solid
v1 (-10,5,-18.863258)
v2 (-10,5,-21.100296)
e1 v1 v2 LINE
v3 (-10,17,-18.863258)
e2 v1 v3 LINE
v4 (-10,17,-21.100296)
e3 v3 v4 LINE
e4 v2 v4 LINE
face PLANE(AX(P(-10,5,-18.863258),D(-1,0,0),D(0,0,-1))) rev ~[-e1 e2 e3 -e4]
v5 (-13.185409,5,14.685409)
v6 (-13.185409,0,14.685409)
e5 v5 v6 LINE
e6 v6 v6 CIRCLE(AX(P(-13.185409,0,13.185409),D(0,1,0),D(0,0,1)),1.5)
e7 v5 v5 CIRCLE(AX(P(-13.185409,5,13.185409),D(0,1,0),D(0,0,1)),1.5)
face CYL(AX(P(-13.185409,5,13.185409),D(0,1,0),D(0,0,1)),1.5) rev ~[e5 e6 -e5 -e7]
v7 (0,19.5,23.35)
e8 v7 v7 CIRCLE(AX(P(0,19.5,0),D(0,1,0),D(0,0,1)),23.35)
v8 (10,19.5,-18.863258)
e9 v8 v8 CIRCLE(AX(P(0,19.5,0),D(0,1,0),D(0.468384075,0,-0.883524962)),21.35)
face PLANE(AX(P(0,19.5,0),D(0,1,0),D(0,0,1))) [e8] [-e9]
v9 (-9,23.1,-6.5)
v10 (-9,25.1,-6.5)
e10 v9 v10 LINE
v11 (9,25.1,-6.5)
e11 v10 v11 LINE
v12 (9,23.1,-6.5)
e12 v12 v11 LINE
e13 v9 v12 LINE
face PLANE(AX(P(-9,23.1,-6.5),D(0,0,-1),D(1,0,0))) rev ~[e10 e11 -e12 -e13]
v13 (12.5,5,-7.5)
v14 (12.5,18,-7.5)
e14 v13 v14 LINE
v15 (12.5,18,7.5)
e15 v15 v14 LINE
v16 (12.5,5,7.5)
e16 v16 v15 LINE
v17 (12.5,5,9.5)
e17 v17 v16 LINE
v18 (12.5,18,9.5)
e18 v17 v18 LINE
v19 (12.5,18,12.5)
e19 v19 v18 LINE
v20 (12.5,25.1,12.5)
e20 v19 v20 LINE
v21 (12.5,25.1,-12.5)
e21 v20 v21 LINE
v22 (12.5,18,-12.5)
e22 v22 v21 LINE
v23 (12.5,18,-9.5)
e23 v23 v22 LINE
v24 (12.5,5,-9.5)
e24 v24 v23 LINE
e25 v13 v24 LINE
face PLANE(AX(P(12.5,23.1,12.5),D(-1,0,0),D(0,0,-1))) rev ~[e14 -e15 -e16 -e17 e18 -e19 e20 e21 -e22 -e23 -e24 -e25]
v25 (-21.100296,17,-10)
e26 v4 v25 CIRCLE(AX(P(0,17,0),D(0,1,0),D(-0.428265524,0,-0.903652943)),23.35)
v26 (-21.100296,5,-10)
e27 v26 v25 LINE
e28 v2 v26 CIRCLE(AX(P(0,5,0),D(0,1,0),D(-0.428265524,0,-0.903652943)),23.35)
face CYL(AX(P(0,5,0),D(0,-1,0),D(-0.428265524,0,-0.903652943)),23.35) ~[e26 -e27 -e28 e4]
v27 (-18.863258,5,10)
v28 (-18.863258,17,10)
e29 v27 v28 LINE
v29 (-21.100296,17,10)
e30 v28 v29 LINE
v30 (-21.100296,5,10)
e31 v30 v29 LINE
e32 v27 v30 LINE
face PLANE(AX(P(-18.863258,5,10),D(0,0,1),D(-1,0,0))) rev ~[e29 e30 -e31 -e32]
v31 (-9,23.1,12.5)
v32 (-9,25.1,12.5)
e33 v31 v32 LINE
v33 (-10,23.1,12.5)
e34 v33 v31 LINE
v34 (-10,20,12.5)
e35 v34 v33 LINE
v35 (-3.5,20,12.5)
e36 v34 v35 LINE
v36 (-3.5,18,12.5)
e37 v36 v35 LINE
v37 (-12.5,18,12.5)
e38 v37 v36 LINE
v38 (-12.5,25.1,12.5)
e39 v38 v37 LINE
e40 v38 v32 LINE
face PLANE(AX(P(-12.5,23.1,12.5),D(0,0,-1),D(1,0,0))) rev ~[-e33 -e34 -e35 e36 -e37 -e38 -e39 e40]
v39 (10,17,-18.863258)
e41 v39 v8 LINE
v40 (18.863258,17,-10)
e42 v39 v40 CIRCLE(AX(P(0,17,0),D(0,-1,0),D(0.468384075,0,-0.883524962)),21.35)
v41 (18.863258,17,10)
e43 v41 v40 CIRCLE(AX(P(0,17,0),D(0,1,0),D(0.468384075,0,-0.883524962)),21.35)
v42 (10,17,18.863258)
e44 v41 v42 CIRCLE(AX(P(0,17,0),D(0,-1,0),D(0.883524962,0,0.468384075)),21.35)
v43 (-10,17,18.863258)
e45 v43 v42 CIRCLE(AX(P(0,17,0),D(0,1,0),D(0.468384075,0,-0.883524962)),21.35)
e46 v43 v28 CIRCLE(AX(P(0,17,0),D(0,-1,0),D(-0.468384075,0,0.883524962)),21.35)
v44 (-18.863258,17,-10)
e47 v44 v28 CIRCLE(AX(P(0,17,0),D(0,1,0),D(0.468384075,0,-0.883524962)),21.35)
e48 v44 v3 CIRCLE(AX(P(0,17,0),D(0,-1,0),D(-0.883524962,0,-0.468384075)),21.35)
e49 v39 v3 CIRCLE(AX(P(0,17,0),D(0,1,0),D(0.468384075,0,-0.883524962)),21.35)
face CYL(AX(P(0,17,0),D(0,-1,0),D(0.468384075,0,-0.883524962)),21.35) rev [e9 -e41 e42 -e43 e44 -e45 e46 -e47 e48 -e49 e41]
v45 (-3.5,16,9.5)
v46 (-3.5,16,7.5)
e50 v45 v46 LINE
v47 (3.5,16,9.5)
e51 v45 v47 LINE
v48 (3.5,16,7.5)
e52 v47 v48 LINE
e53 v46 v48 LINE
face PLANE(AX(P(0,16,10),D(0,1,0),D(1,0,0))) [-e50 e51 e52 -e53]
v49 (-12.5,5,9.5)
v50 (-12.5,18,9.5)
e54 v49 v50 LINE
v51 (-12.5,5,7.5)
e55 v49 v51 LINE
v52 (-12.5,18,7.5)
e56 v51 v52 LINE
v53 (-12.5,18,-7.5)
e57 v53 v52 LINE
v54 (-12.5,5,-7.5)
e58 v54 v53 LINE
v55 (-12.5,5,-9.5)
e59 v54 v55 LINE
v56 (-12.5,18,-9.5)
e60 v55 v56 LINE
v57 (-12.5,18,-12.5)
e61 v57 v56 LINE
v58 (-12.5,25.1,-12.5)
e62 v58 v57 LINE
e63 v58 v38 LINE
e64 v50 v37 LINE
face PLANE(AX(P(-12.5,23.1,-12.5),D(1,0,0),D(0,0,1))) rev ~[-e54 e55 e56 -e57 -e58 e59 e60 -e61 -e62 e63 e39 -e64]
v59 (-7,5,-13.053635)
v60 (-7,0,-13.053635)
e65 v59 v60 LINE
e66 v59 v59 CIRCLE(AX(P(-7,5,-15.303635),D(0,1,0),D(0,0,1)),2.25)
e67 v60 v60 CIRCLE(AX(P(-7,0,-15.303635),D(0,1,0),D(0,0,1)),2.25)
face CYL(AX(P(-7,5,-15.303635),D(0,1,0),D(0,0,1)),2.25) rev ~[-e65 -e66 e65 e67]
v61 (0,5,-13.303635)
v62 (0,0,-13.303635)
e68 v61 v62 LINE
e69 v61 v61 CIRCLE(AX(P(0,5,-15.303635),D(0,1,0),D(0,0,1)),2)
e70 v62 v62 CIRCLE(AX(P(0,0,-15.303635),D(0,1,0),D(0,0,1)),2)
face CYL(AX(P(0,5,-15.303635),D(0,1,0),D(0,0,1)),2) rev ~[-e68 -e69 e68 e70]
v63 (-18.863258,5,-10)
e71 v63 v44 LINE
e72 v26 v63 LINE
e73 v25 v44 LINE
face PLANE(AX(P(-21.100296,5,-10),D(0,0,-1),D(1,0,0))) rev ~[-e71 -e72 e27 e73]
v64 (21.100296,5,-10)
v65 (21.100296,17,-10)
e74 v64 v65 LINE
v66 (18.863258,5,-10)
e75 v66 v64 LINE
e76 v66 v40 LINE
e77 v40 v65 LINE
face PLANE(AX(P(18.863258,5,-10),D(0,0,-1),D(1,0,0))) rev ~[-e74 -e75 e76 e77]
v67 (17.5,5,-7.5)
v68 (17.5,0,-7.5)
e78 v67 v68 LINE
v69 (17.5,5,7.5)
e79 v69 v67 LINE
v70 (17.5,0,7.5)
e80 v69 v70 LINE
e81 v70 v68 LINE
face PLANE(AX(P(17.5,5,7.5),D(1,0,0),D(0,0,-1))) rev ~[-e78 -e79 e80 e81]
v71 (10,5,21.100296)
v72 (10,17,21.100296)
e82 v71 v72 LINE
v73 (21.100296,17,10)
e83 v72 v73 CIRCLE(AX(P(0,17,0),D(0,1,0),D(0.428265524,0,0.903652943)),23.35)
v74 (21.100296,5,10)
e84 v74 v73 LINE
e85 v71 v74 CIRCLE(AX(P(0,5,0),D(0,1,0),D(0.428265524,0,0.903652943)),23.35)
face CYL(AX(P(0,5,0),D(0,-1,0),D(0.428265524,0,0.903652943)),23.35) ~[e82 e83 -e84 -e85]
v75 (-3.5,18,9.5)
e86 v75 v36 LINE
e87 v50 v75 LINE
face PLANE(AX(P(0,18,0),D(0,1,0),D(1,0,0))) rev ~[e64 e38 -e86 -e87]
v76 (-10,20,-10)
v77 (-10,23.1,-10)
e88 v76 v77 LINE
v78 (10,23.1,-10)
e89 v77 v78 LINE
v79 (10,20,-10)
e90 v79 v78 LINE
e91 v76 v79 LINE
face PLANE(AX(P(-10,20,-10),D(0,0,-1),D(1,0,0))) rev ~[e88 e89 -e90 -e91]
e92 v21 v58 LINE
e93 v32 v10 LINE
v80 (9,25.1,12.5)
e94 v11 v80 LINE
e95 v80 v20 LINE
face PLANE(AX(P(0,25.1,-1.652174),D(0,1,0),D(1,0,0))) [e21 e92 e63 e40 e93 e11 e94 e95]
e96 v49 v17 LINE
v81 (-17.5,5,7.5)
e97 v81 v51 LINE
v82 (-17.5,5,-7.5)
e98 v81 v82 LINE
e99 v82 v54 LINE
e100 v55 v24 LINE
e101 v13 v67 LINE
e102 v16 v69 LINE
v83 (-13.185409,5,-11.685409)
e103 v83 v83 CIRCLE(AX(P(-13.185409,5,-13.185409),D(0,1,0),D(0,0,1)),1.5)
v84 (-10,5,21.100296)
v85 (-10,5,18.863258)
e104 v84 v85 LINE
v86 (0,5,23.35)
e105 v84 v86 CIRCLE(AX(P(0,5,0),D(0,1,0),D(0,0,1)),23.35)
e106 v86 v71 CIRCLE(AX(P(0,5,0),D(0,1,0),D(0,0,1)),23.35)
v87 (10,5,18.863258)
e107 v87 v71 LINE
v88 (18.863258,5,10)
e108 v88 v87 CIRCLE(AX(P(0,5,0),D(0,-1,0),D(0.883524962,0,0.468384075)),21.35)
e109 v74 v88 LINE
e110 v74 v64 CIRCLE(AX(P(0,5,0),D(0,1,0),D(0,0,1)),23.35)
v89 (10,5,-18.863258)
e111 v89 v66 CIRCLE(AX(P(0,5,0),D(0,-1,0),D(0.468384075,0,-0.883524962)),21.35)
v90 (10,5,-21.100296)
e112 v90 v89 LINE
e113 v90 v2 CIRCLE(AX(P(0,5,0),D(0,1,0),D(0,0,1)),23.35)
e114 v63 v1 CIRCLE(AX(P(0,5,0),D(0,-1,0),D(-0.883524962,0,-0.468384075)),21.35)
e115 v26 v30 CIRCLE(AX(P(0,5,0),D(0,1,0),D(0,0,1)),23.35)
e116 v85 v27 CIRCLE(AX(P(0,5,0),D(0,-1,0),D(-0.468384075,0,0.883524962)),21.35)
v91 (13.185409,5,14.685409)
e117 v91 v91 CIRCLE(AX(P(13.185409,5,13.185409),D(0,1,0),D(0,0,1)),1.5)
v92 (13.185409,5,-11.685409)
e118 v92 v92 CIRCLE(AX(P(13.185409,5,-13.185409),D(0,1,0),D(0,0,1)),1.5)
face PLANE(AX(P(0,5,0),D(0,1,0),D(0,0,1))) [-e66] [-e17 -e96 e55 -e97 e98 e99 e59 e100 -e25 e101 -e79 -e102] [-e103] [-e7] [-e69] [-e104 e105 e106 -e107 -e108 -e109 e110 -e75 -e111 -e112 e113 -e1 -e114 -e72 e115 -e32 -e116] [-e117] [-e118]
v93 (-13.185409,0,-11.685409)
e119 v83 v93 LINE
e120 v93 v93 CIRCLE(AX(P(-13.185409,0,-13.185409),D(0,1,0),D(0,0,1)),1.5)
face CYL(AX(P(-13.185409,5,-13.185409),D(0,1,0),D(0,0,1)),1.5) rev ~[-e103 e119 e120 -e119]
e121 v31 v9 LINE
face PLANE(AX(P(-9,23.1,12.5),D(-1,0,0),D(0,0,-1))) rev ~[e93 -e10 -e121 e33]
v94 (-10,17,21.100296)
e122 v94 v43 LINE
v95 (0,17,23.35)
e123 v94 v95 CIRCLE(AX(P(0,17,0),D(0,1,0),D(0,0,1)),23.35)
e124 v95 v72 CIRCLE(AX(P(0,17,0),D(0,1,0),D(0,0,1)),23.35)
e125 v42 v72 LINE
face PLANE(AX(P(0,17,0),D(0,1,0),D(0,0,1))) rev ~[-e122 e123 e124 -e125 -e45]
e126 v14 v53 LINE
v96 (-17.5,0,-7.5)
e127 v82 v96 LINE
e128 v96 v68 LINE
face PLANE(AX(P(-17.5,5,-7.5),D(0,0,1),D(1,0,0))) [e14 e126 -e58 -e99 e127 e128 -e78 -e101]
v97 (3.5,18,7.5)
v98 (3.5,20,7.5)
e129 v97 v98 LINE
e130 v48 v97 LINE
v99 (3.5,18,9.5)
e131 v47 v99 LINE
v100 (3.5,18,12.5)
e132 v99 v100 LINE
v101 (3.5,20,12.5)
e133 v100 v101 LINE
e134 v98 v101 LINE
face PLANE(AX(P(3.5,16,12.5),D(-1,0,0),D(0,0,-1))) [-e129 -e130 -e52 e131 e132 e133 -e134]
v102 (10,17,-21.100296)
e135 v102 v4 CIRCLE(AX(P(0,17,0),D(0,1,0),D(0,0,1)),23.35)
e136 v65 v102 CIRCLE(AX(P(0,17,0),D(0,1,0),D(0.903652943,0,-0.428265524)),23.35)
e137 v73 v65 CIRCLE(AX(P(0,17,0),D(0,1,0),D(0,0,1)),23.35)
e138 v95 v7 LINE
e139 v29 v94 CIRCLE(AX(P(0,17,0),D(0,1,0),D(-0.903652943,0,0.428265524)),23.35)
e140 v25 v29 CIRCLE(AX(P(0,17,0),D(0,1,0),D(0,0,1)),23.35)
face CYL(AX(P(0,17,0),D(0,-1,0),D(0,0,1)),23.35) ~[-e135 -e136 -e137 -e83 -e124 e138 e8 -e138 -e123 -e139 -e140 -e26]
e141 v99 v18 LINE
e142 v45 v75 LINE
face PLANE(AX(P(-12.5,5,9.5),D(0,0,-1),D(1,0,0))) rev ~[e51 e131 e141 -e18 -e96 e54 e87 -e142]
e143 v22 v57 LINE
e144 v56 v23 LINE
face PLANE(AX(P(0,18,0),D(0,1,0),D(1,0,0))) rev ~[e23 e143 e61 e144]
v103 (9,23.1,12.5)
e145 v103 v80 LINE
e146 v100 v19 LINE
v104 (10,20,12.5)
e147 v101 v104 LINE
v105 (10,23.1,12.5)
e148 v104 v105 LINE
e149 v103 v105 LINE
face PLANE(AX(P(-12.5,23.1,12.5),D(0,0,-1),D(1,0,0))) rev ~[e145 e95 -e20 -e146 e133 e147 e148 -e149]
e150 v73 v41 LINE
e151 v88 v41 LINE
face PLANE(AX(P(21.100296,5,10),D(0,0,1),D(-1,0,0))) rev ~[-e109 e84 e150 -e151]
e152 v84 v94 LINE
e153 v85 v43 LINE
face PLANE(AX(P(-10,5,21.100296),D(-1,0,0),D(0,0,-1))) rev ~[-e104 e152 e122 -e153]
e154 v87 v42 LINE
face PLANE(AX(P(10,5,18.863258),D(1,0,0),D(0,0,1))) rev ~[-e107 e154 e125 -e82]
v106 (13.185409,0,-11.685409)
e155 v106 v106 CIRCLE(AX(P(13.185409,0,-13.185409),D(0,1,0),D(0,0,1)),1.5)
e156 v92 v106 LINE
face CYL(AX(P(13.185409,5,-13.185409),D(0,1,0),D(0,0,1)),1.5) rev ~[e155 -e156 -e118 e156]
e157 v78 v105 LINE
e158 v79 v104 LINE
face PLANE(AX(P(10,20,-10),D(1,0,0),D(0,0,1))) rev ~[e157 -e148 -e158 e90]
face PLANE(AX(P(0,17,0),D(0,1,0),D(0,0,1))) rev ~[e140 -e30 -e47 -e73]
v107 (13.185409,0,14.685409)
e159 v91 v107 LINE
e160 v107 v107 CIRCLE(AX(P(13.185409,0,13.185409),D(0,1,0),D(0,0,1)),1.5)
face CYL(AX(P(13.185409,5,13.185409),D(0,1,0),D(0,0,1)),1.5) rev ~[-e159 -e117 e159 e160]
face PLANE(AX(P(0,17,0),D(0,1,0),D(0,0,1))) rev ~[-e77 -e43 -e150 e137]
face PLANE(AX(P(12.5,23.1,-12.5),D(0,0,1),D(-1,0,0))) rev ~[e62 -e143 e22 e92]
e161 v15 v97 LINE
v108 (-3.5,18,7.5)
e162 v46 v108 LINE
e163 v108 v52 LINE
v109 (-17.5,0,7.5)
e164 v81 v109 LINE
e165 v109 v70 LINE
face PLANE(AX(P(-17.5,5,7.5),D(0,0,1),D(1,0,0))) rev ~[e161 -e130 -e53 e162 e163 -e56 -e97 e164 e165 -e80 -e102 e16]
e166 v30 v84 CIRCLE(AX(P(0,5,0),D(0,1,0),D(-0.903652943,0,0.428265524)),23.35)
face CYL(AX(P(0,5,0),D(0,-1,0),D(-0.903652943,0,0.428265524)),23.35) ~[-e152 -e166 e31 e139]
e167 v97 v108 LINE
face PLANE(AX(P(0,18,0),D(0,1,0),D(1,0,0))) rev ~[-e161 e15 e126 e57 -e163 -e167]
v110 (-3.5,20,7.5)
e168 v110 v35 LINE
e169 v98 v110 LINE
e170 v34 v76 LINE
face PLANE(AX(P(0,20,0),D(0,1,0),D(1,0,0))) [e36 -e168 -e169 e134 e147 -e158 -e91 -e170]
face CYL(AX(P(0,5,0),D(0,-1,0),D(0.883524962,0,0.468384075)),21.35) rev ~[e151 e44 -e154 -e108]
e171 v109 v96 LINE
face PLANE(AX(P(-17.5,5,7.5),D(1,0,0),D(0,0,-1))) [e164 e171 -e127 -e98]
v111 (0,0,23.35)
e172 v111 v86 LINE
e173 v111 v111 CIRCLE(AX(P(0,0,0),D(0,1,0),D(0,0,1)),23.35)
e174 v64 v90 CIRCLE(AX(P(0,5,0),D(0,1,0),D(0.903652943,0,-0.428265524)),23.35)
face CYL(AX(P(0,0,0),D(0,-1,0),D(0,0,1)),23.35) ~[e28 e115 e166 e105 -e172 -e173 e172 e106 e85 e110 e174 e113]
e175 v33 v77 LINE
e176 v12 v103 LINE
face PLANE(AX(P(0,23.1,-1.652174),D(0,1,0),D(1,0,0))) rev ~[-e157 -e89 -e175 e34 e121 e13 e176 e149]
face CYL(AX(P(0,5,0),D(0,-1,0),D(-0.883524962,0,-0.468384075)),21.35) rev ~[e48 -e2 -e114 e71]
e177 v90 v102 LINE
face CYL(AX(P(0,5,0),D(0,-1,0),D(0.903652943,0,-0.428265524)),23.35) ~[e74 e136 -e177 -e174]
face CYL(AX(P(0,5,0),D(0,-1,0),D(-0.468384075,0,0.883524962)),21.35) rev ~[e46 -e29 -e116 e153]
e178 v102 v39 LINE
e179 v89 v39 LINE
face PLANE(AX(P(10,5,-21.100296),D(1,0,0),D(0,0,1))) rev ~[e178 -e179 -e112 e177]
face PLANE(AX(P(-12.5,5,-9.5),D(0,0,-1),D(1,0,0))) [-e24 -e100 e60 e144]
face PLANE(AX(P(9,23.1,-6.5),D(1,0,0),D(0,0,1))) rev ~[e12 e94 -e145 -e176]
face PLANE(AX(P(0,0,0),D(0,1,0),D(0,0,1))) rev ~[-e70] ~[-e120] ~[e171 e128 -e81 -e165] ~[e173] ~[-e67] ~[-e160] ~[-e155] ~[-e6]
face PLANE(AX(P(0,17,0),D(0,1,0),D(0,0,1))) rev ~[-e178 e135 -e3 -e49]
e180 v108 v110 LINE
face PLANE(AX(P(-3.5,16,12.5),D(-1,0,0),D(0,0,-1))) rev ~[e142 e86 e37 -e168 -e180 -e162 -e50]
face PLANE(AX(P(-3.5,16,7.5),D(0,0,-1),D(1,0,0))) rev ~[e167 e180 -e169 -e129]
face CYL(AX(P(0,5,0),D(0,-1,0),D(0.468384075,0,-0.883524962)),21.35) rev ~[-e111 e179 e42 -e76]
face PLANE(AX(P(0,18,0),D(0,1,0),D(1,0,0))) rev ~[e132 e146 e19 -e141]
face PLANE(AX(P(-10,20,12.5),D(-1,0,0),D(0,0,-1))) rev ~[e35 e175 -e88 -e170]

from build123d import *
from build123d.topology import SkipClean

# Parameters (mm, degrees)
ESQUISSE1_R                  = 23.35
BOSS_EXTRU_1_DEPTH           = 5
ESQUISSE9_W                  = 35
ESQUISSE9_H                  = 15
ESQUISSE9_R                  = 1.5
ESQUISSE9_R_2                = 2
ESQUISSE9_R_3                = 2.25
ENL_V_MAT_EXTRU_2_DEPTH      = 5
ESQUISSE9_3_W                = 25
ESQUISSE9_3_H                = 2
BOSS_EXTRU_2_DEPTH           = 15
BOSS_EXTRU_3_DEPTH           = 2
BOSS_EXTRU_4_DEPTH           = 3.1
BOSS_EXTRU_5_DEPTH           = 2
BOSS_EXTRU_6_DEPTH           = 12
ESQUISSE15_R                 = 23.35
ESQUISSE15_R_2               = 21.35
BOSS_EXTRU_7_DEPTH           = 2.5
ENL_V_MAT_EXTRU_4_DEPTH      = 39.606281872
ENL_V_MAT_EXTRU_4_DEPTH_BACK = 4
ESQUISSE16_W                 = 7
ESQUISSE16_H                 = 5


with BuildPart() as part:
    # Esquisse1 → Boss.-Extru.1 (new body)
    with BuildSketch(Plane(origin=(0, 0, 0), x_dir=(1, 0, 0), z_dir=(0, 1, 0))):
        Circle(ESQUISSE1_R)
    extrude(amount=BOSS_EXTRU_1_DEPTH)

    # Esquisse9 → Enlèv. mat.-Extru.2 (cut)
    with BuildSketch(Plane(origin=(0, 5, 0), x_dir=(1, 0, 0), z_dir=(0, 1, 0))):
        Rectangle(ESQUISSE9_W, ESQUISSE9_H)
        with Locations((-13.185409426, 13.185409426)):
            Circle(ESQUISSE9_R)
        with Locations((13.185409426, 13.185409426)):
            Circle(ESQUISSE9_R)
        with Locations((13.185409426, -13.185409426)):
            Circle(ESQUISSE9_R)
        with Locations((-13.185409426, -13.185409426)):
            Circle(ESQUISSE9_R)
        with Locations((0, 15.303635433)):
            Circle(ESQUISSE9_R_2)
        with Locations((-7, 15.303635433)):
            Circle(ESQUISSE9_R_3)
    extrude(amount=-ENL_V_MAT_EXTRU_2_DEPTH, mode=Mode.SUBTRACT)

    # Esquisse9<3> → Boss.-Extru.2 (add)
    with BuildSketch(Plane(origin=(0, 5, 0), x_dir=(1, 0, 0), z_dir=(0, 1, 0))):
        with Locations((0, 8.5)):
            Rectangle(ESQUISSE9_3_W, ESQUISSE9_3_H)
        with Locations((0, -8.5)):
            Rectangle(ESQUISSE9_3_W, ESQUISSE9_3_H)
    extrude(amount=BOSS_EXTRU_2_DEPTH)

    # Esquisse11 → Boss.-Extru.3 (add)
    with BuildSketch(Plane(origin=(0, 20, 0), x_dir=(1, 0, 0), z_dir=(0, 1, 0))):
        Polygon((-12.5, 9.5), (-12.5, -9.5), (-12.5, -12.5), (12.5, -12.5), (12.5, 12.5), (-12.5, 12.5), align=None)
    extrude(amount=-BOSS_EXTRU_3_DEPTH)

    # Esquisse12 → Boss.-Extru.4 (add)
    with BuildSketch(Plane(origin=(0, 20, 0), x_dir=(1, 0, 0), z_dir=(0, 1, 0))):
        Polygon((-12.5, -12.5), (-10, -12.5), (-10, 10), (10, 10), (10, -12.5), (12.5, -12.5), (12.5, 12.5), (-12.5, 12.5), align=None)
    extrude(amount=BOSS_EXTRU_4_DEPTH)

    # Esquisse13 → Boss.-Extru.5 (add)
    with BuildSketch(Plane(origin=(0, 23.1, 0), x_dir=(1, 0, 0), z_dir=(0, 1, 0))):
        Polygon((-9, -12.5), (-9, 6.5), (9, 6.5), (9, -12.5), (12.5, -12.5), (12.5, 12.5), (-12.5, 12.5), (-12.5, -12.5), align=None)
    extrude(amount=BOSS_EXTRU_5_DEPTH)

    # Esquisse14 → Boss.-Extru.6 (add)
    with BuildSketch(Plane(origin=(0, 5, 0), x_dir=(1, 0, 0), z_dir=(0, 1, 0))):
        with BuildLine():
            ThreePointArc((-10, 21.100296206), (-16.510943341, 16.510943341), (-21.100296206, 10))
            Line((-21.100296206, 10), (-18.863257937, 10))
            ThreePointArc((-18.863257937, 10), (-15.096729778, 15.096729778), (-10, 18.863257937))
            Line((-10, 18.863257937), (-10, 21.100296206))
        make_face()
        with BuildLine():
            Line((-18.863257937, -10), (-21.100296206, -10))
            ThreePointArc((-21.100296206, -10), (-16.510943341, -16.510943341), (-10, -21.100296206))
            Line((-10, -21.100296206), (-10, -18.863257937))
            ThreePointArc((-10, -18.863257937), (-15.096729778, -15.096729778), (-18.863257937, -10))
        make_face()
        with BuildLine():
            ThreePointArc((21.100296206, 10), (16.510943341, 16.510943341), (10, 21.100296206))
            Line((10, 21.100296206), (10, 18.863257937))
            ThreePointArc((10, 18.863257937), (15.096729778, 15.096729778), (18.863257937, 10))
            Line((18.863257937, 10), (21.100296206, 10))
        make_face()
        with BuildLine():
            Line((10, -18.863257937), (10, -21.100296206))
            ThreePointArc((10, -21.100296206), (16.510943341, -16.510943341), (21.100296206, -10))
            Line((21.100296206, -10), (18.863257937, -10))
            ThreePointArc((18.863257937, -10), (15.096729778, -15.096729778), (10, -18.863257937))
        make_face()
    extrude(amount=BOSS_EXTRU_6_DEPTH)

    # Esquisse15 → Boss.-Extru.7 (add)
    with SkipClean():  # the faces are left unmerged after this step: merging them gives an invalid solid
        with BuildSketch(Plane(origin=(0, 17, 0), x_dir=(1, 0, 0), z_dir=(0, 1, 0))):
            Circle(ESQUISSE15_R)
            Circle(ESQUISSE15_R_2, mode=Mode.SUBTRACT)
        extrude(amount=BOSS_EXTRU_7_DEPTH)

    # Esquisse16 → Enlèv. mat.-Extru.4 (cut, two sides: drawn at the far end of the back side and taken through both)
    with SkipClean():  # the faces are left unmerged after this step: merging them gives an invalid solid
        with BuildSketch(Plane(origin=(0, 20, 0), x_dir=(1, 0, 0), z_dir=(0, 1, 0)).offset(-ENL_V_MAT_EXTRU_4_DEPTH_BACK)):
            with Locations((0, -10)):
                Rectangle(ESQUISSE16_W, ESQUISSE16_H)
        extrude(amount=ENL_V_MAT_EXTRU_4_DEPTH + ENL_V_MAT_EXTRU_4_DEPTH_BACK, mode=Mode.SUBTRACT)


solid = part.part
